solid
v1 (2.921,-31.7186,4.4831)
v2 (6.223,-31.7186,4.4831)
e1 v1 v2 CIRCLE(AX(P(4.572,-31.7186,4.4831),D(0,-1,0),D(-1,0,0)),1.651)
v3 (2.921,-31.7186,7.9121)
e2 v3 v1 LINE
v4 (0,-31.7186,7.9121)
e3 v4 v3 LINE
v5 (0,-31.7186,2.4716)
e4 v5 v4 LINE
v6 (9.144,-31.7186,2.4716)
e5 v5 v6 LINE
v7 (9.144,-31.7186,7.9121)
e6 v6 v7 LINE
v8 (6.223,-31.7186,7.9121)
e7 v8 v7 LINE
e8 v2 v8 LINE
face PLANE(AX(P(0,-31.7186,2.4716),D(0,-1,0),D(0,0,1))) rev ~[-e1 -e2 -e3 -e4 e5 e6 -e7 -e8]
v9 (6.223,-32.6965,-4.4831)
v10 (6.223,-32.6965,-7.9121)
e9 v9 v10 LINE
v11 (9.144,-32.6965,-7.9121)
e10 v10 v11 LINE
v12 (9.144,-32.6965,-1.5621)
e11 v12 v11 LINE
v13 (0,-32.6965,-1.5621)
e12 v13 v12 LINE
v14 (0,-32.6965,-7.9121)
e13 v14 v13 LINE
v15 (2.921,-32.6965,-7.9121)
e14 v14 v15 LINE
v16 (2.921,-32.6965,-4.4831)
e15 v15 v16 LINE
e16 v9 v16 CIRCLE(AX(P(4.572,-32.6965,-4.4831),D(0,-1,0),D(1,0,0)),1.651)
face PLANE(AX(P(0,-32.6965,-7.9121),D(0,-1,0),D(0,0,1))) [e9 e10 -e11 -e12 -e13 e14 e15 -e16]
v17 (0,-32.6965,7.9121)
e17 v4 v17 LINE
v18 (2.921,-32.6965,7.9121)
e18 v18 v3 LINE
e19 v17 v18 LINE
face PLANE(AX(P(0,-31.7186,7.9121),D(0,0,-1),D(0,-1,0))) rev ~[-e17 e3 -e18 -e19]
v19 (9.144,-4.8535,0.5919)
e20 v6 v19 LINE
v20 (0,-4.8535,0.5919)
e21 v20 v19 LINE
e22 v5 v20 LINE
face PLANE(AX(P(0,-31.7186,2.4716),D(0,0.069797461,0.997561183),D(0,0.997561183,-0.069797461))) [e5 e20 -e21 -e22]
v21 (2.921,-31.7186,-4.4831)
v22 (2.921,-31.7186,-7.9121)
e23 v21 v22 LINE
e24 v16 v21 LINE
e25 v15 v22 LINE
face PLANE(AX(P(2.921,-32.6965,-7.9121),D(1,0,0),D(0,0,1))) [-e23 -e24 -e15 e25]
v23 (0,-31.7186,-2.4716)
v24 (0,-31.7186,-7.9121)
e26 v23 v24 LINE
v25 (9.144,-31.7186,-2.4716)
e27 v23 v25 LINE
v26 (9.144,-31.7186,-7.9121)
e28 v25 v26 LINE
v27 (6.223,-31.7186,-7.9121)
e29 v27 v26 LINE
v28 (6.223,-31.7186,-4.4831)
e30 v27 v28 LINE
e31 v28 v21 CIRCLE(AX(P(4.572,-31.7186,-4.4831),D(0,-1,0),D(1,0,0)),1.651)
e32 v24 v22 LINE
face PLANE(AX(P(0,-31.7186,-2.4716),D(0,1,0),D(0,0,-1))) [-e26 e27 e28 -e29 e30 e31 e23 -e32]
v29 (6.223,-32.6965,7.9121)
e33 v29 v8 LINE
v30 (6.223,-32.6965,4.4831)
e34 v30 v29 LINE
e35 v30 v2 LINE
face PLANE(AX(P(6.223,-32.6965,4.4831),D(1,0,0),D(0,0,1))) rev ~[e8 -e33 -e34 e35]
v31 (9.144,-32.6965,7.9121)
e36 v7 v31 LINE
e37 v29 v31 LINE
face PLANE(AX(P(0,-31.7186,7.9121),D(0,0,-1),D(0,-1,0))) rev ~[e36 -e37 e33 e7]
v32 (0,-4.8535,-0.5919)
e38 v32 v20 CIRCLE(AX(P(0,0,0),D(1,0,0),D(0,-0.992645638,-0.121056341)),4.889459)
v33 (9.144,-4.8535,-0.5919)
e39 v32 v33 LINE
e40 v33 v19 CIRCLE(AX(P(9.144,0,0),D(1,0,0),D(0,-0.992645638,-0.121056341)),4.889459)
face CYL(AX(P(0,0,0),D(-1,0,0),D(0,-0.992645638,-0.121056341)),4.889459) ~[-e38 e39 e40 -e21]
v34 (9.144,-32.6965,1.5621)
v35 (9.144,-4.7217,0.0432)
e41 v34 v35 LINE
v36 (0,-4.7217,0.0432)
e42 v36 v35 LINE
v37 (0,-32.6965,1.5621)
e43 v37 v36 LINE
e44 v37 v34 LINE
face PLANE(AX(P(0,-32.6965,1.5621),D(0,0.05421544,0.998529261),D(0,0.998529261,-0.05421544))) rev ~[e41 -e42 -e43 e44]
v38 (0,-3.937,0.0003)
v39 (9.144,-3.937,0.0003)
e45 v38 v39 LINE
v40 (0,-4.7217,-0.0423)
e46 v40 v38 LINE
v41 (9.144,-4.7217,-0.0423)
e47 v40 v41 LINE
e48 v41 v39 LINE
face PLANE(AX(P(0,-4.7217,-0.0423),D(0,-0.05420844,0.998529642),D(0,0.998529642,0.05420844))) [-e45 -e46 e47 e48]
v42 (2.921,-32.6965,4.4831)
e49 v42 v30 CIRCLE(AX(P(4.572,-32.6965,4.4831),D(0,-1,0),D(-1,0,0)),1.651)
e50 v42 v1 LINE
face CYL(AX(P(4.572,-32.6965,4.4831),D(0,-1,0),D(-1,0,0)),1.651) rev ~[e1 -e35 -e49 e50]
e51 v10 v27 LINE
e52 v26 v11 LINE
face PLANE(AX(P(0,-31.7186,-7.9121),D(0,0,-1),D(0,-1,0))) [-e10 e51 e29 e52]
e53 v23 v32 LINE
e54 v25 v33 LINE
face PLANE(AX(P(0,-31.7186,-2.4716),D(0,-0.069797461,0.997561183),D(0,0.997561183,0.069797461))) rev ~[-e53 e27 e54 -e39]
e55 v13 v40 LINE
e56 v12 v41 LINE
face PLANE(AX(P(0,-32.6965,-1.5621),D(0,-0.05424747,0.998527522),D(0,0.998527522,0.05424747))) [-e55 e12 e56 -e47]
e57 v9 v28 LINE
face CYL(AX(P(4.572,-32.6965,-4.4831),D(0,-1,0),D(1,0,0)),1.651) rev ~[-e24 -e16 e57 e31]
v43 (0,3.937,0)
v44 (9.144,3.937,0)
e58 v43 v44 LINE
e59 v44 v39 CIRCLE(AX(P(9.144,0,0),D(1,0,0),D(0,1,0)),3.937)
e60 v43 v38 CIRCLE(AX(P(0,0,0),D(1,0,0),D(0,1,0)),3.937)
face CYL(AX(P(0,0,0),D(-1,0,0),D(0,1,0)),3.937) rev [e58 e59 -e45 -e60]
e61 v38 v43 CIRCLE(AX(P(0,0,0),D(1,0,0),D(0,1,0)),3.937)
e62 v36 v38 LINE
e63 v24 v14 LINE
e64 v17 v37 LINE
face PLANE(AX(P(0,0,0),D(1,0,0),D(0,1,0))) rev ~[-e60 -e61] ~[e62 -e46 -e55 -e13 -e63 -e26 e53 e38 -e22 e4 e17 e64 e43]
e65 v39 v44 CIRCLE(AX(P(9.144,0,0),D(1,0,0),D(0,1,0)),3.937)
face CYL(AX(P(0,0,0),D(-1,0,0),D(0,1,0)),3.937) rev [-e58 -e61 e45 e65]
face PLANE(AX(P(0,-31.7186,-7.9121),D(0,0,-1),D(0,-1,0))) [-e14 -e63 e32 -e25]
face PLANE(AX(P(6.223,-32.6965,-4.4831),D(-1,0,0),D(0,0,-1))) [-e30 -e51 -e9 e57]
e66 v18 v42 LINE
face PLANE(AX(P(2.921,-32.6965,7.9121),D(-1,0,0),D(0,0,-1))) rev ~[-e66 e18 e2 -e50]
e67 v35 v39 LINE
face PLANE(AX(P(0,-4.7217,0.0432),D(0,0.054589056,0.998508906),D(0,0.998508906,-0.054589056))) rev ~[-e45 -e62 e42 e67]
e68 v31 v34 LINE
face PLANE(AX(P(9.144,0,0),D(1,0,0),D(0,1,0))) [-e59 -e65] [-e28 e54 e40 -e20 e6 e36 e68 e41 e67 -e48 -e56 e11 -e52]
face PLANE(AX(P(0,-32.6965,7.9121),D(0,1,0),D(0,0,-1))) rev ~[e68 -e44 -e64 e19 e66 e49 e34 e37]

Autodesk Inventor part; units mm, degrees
ref_plane "YZ Plane" through (0, 0, 0) normal (1, 0, 0) x (0, 1, 0)
ref_plane "XZ Plane" through (0, 0, 0) normal (0, 1, 0) x (-1, 0, 0)
ref_plane "XY Plane" through (0, 0, 0) normal (0, 0, 1) x (1, 0, 0)
sketch "Sketch2" plane through (0, 0, 0) normal (1, 0, 0) x (0, 1, 0)
  arc A0 (-4.8535, -0.5919) -> (-4.8535, 0.5919) centre (0, 0) ccw
  circle A1 centre (0, 0) radius 3.937
  line L0 (-32.6965, -1.5621) -> (-32.6965, -4.1021)
  line L1 (-31.7186, 2.4716) -> (-4.8535, 0.5919)
  line L2 (-31.7186, -2.4716) -> (-4.8535, -0.5919)
  line L3 (-32.6965, 1.5621) -> (-4.7217, 0.0432)
  line L4 (-32.6965, -1.5621) -> (-4.7217, -0.0423)
  line L5 (-4.7217, 0.0432) -> (-3.937, 0.0003)
  line L6 (-4.7217, -0.0423) -> (-3.937, 0.0003)
  line L7 (-31.7186, -2.4716) -> (-31.7186, -7.9121)
  line L8 (-31.7186, -7.9121) -> (-32.6965, -7.9121)
  line L9 (-32.6965, -7.9121) -> (-32.6965, -1.5621)
  line L10 (-31.7186, 2.4716) -> (-31.7186, 7.9121)
  line L11 (-31.7186, 7.9121) -> (-32.6965, 7.9121)
  line L12 (-32.6965, 7.9121) -> (-32.6965, 1.5621)
  point P0 (-4.7217, 0.5827)
  point P1 (-4.7217, -0.5827)
  point P2 (-32.6965, 0.9779)
  point P3 (-32.6965, 0)
  dimension "d3" = 7.874
  dimension "d2" = 9.779
extrude "Extrusion1" add sketch "Sketch2" along normal blind 9.144
sketch "Sketch3" plane through (0, -32.6965, 1.5621) normal (0, -1, 0) x (1, 0, 0)
  line L0 (0, 6.35) -> (9.144, 6.35) projected
  line L1 (9.144, 6.35) -> (9.144, 0) projected
  line L2 (2.921, 6.35) -> (2.921, 2.921)
  line L3 (6.223, 2.921) -> (6.223, 6.35)
  arc A0 (2.921, 2.921) -> (6.223, 2.921) centre (4.572, 2.921) ccw
  line L4 (-1.4009, -1.5621) -> (13.744, -1.5621)
  line L5 (2.921, -9.4742) -> (2.921, -6.0452)
  line L6 (6.223, -6.0452) -> (6.223, -9.4742)
  arc A1 (6.223, -6.0452) -> (2.921, -6.0452) centre (4.572, -6.0452) ccw
  line L7 (2.921, -9.4742) -> (6.223, -9.4742)
  line L8 (0, -9.4742) -> (9.144, -9.4742) projected
  point P0 (0, -1.5621)
  dimension "d14" = 2.921
  dimension "d15" = 2.921
extrude "Extrusion2" cut sketch "Sketch3" against normal blind 9.144
properties part number "baringstand" material "Aluminum 6061"
